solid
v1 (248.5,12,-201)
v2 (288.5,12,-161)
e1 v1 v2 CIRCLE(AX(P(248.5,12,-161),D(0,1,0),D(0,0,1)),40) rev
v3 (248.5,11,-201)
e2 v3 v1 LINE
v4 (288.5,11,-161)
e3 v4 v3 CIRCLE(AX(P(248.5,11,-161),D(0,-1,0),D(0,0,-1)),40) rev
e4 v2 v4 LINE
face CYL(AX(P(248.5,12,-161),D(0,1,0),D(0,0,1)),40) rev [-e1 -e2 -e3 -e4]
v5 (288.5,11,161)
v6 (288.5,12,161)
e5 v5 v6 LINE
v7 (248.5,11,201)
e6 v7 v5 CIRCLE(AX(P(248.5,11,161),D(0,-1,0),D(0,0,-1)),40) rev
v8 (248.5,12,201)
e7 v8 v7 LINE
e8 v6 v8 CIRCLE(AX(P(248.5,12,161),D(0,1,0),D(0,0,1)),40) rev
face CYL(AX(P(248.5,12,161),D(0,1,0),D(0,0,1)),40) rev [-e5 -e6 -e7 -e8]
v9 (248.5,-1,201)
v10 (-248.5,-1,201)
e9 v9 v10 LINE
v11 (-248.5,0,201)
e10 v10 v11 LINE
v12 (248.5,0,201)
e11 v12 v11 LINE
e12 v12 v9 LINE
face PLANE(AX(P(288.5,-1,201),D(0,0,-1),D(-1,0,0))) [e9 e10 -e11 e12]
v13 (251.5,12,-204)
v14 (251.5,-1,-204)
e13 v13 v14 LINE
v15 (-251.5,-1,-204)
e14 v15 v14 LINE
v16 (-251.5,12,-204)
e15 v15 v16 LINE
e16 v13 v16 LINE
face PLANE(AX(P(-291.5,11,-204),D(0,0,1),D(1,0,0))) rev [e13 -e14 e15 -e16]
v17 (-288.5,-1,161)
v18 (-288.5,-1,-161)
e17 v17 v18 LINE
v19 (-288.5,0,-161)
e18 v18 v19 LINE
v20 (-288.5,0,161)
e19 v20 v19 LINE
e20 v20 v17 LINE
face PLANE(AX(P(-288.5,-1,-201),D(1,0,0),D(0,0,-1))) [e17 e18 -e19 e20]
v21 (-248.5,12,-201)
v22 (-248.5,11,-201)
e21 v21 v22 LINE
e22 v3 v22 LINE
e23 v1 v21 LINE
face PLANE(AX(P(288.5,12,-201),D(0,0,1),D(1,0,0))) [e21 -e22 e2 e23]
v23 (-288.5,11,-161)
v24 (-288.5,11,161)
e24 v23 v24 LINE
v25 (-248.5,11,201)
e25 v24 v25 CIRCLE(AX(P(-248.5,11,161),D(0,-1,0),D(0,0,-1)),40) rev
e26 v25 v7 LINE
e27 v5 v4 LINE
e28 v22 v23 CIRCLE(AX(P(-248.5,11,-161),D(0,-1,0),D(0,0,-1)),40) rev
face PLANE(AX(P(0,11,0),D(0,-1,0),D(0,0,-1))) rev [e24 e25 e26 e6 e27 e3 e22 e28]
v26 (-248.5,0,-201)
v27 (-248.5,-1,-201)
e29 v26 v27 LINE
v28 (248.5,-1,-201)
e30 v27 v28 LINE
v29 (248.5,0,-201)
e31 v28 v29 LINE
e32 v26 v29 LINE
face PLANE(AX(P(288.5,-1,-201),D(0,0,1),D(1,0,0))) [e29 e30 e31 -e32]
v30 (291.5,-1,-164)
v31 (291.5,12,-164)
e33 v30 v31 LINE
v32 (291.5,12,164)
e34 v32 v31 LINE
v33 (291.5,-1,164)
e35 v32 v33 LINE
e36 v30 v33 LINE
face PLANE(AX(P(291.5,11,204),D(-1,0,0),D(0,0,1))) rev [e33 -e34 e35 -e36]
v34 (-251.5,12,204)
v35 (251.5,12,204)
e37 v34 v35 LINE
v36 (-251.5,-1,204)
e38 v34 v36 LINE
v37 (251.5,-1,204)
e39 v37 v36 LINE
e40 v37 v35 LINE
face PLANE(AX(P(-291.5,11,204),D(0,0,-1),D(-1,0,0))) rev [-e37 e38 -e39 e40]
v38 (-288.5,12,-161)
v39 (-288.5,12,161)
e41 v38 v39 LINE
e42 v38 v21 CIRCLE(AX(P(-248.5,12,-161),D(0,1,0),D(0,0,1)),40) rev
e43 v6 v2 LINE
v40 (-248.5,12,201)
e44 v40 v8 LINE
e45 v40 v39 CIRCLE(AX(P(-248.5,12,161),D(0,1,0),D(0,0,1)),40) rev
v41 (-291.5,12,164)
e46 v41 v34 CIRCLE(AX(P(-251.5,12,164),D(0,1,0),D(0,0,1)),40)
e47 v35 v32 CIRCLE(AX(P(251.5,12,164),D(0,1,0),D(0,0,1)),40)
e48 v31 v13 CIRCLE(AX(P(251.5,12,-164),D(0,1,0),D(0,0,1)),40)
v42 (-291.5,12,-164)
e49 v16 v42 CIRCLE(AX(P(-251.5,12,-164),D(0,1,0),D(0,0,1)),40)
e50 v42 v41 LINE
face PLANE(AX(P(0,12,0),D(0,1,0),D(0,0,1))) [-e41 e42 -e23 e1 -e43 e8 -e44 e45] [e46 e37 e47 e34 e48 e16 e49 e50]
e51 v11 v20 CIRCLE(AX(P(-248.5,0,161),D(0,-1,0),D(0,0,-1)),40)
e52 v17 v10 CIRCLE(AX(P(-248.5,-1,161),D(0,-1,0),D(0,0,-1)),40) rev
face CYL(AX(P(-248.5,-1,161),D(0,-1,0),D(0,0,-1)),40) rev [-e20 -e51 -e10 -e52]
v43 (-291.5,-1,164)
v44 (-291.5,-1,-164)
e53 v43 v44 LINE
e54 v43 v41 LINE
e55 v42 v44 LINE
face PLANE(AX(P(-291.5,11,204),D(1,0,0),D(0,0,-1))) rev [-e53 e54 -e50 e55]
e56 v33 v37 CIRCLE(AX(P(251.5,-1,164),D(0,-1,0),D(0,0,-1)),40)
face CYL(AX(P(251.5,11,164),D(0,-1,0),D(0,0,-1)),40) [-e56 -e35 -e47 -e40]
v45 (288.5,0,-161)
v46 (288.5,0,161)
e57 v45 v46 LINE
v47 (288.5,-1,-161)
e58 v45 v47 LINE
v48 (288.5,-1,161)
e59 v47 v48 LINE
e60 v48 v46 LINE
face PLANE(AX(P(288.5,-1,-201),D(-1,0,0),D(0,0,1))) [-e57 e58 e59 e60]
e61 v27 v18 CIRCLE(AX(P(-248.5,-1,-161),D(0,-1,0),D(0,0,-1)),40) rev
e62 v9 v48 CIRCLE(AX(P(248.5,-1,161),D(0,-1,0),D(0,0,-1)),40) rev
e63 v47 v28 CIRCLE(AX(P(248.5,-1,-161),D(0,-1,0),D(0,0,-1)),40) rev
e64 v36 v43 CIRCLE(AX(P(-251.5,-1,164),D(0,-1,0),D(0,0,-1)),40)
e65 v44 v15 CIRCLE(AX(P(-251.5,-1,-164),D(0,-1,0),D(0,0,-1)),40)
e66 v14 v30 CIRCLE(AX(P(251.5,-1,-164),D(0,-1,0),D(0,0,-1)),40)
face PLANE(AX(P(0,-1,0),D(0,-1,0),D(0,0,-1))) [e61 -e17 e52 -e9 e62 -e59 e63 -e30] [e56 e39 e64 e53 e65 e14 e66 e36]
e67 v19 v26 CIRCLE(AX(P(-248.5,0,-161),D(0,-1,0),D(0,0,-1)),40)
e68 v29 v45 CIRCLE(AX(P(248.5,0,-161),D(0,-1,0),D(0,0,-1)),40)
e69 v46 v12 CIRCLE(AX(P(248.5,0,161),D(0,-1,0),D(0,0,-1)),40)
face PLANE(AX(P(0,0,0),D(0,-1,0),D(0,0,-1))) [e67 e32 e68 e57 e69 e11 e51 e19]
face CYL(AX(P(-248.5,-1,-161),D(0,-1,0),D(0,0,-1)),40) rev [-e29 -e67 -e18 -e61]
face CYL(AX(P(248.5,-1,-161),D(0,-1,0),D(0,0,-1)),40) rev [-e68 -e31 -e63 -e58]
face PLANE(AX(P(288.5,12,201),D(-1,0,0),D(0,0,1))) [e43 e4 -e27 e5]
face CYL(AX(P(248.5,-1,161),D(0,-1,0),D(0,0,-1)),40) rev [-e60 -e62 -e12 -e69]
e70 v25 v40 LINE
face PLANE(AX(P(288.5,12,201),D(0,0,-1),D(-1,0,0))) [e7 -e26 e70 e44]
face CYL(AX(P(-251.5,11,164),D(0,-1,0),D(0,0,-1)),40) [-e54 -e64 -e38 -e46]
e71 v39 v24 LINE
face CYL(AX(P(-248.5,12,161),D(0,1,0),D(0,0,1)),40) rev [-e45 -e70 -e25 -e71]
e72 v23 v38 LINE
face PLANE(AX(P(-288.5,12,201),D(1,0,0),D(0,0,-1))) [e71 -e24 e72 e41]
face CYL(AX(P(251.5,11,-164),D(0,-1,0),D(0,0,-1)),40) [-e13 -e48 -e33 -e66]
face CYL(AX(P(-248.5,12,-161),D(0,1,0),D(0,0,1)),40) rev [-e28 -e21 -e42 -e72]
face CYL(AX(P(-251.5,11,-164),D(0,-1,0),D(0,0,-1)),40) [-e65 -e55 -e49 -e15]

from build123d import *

# Parameters (mm, degrees)
SKETCH1_W           = 583
SKETCH1_H           = 408
BOSS_EXTRUDE1_DEPTH = 11
SKETCH2_W           = 583
SKETCH2_H           = 408
SKETCH2_W_2         = 577
SKETCH2_H_2         = 402
BOSS_EXTRUDE2_DEPTH = 1
SKETCH3_W           = 583
SKETCH3_H           = 408
SKETCH3_W_2         = 577
SKETCH3_H_2         = 402
BOSS_EXTRUDE3_DEPTH = 1
FILLET2_R           = 40


with BuildPart() as part:
    # Sketch1 → Boss-Extrude1 (new body)
    with BuildSketch(Plane(origin=(0, 0, 0), x_dir=(1, 0, 0), z_dir=(0, 1, 0))):
        Rectangle(SKETCH1_W, SKETCH1_H)
    extrude(amount=BOSS_EXTRUDE1_DEPTH)

    # Sketch2 → Boss-Extrude2 (add)
    with BuildSketch(Plane(origin=(0, 11, 0), x_dir=(1, 0, 0), z_dir=(0, 1, 0))):
        Rectangle(SKETCH2_W, SKETCH2_H)
        Rectangle(SKETCH2_W_2, SKETCH2_H_2, mode=Mode.SUBTRACT)
    extrude(amount=BOSS_EXTRUDE2_DEPTH)

    # Sketch3 → Boss-Extrude3 (add)
    with BuildSketch(Plane.XZ):
        Rectangle(SKETCH3_W, SKETCH3_H)
        Rectangle(SKETCH3_W_2, SKETCH3_H_2, mode=Mode.SUBTRACT)
    extrude(amount=BOSS_EXTRUDE3_DEPTH)

    # Fillet2
    fillet2_edges = [part.edges().sort_by_distance(p)[0] for p in [
        (-288.5, 11.5, 201),
        (288.5, 11.5, 201),
        (288.5, 11.5, -201),
        (-288.5, 11.5, -201),
        (-288.5, -0.5, -201),
        (288.5, -0.5, -201),
        (288.5, -0.5, 201),
        (-288.5, -0.5, 201),
        (291.5, 5.5, 204),
        (-291.5, 5.5, 204),
        (-291.5, 5.5, -204),
        (291.5, 5.5, -204),
    ]]
    fillet(fillet2_edges, radius=FILLET2_R)


solid = part.part
